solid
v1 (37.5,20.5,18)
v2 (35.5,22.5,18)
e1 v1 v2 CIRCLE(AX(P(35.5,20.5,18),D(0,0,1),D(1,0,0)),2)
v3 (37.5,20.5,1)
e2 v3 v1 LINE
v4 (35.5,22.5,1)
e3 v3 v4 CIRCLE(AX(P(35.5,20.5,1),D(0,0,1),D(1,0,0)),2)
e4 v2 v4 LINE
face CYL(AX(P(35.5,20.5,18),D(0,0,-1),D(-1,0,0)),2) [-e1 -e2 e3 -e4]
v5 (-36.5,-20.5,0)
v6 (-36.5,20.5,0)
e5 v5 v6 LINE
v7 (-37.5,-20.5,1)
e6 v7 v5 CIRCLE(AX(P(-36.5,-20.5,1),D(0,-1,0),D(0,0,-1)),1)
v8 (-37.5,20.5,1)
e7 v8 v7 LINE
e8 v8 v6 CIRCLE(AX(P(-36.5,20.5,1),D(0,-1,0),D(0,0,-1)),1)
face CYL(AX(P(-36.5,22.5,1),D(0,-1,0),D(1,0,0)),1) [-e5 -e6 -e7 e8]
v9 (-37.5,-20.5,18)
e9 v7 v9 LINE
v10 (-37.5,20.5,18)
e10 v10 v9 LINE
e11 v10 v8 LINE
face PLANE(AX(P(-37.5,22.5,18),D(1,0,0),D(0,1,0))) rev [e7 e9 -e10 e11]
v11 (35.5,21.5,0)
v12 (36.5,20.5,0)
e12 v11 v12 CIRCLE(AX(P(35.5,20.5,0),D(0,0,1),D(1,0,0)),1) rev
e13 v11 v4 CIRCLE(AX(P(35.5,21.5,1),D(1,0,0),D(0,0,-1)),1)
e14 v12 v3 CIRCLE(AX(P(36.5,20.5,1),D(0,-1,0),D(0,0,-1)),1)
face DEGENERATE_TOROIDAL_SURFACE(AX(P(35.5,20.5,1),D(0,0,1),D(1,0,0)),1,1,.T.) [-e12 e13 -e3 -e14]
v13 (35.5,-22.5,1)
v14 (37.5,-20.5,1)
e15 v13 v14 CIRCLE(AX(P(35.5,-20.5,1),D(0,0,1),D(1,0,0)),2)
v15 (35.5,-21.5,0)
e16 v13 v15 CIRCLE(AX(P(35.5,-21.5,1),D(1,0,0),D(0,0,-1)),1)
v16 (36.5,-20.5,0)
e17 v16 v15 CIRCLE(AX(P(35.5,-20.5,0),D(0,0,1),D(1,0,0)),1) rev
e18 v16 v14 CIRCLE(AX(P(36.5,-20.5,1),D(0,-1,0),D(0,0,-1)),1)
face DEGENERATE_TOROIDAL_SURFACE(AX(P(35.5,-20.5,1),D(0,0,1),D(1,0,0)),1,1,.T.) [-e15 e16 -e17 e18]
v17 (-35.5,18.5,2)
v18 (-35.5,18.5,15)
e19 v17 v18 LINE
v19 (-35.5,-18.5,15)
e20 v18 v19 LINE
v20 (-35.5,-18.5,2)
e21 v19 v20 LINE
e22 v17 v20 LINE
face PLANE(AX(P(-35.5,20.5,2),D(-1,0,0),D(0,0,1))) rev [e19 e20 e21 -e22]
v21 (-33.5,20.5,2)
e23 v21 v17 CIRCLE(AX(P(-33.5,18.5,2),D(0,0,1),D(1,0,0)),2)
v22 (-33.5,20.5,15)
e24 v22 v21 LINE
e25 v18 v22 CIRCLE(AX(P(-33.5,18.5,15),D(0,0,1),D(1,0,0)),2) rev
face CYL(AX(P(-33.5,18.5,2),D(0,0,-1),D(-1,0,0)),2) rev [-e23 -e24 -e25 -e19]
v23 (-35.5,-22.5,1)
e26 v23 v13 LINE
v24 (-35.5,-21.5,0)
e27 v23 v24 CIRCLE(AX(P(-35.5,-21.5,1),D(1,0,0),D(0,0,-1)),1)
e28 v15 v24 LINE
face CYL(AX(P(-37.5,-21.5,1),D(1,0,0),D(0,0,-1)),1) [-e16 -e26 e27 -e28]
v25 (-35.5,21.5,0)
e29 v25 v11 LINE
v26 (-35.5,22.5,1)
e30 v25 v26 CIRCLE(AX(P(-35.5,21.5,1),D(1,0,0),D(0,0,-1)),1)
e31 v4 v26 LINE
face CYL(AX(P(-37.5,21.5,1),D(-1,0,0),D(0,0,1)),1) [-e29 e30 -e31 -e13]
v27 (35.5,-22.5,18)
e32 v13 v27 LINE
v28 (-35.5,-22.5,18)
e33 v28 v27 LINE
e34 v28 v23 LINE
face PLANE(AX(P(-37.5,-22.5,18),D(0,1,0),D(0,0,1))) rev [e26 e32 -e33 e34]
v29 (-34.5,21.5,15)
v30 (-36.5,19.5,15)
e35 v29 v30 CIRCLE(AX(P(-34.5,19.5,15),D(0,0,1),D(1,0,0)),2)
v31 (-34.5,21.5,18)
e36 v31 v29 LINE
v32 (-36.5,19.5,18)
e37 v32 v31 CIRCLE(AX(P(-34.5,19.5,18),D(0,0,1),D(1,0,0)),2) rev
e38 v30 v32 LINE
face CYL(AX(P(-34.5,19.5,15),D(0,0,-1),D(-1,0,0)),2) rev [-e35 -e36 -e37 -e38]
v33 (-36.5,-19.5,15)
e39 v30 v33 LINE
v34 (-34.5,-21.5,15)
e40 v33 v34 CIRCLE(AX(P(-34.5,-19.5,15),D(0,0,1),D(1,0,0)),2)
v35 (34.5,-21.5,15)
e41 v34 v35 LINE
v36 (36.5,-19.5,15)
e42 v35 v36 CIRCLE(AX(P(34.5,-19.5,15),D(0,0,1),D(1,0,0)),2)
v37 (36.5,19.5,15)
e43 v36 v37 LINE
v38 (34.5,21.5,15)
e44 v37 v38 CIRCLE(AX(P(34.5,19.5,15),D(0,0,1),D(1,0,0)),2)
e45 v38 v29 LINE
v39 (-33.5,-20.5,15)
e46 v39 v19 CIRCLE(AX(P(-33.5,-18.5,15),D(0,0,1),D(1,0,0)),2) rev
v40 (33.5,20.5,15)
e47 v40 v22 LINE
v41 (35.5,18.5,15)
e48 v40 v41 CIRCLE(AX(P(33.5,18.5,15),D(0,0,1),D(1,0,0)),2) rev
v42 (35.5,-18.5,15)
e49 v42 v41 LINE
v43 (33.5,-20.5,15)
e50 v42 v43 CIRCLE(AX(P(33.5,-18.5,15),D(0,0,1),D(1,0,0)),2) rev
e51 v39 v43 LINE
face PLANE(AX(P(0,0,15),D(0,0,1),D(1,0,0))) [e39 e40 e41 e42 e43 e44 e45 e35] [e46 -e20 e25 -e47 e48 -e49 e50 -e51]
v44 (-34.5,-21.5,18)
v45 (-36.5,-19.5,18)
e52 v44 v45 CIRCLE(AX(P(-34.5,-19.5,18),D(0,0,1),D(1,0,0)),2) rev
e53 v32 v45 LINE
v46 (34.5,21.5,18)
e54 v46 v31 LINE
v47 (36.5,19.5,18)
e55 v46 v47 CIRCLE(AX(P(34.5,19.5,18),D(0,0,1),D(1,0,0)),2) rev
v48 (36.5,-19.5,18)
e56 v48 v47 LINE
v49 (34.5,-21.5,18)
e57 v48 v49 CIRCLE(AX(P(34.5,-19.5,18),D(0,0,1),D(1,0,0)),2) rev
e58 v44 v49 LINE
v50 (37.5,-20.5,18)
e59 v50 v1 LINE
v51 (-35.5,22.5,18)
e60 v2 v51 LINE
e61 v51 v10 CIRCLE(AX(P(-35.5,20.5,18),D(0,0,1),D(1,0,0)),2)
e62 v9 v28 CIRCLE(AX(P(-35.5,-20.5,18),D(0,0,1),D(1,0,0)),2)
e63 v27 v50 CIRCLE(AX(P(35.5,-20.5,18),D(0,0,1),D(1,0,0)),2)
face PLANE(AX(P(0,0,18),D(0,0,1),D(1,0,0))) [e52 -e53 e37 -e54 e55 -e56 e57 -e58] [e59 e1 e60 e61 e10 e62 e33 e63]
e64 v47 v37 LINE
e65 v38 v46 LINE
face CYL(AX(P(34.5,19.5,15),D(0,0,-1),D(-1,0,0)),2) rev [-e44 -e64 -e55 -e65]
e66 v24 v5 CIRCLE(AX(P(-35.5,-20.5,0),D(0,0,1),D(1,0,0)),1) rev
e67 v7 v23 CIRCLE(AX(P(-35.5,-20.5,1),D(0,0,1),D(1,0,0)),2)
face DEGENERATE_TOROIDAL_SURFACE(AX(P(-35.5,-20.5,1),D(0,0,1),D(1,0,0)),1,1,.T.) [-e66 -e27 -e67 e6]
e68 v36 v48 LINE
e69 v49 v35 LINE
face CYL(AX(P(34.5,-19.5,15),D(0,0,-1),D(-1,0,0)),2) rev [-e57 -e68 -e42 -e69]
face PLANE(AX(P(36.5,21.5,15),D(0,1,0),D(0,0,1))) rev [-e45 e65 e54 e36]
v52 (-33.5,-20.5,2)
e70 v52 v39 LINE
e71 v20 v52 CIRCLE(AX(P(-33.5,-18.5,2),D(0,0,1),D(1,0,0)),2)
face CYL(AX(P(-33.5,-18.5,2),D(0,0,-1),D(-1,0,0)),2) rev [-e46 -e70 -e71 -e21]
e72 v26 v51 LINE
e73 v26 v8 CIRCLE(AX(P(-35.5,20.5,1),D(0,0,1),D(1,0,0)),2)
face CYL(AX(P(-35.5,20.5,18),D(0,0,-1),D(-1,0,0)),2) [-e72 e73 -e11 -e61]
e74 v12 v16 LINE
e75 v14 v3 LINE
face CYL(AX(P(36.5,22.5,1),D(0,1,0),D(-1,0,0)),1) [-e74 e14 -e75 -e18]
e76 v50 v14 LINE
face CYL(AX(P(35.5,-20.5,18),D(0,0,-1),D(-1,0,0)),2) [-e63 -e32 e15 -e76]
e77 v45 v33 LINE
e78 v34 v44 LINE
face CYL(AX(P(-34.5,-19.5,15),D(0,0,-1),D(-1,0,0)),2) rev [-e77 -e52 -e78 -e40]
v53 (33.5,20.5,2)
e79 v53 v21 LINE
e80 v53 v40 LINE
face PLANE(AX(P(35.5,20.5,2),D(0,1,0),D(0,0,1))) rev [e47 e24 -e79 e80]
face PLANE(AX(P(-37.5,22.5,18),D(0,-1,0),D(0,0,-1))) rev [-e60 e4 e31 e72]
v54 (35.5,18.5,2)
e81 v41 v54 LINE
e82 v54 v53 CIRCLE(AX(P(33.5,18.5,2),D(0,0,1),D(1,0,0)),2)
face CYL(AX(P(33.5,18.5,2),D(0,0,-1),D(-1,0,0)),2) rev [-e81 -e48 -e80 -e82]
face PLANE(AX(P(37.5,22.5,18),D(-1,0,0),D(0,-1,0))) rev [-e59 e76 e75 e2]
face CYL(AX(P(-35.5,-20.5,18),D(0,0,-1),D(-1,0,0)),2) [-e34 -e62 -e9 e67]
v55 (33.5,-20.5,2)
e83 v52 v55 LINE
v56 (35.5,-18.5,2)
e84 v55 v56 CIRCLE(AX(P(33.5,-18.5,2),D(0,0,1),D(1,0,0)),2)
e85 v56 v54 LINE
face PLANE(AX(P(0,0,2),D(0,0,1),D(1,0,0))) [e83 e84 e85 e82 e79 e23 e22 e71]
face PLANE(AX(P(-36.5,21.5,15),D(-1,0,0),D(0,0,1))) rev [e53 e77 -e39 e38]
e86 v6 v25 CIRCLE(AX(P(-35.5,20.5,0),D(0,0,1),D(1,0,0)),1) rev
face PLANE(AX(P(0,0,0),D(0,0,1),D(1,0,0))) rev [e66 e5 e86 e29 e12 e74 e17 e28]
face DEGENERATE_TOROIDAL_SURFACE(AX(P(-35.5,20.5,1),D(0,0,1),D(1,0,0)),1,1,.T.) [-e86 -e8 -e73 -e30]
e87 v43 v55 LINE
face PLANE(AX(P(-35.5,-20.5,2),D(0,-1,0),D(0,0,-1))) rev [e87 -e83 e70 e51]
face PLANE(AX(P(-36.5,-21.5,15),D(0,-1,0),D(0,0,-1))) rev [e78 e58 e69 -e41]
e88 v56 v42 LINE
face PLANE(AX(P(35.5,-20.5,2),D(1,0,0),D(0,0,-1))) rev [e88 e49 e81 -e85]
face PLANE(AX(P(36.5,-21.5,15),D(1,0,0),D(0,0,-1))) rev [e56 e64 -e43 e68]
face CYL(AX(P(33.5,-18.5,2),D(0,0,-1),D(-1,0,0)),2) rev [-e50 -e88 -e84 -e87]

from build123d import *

# Parameters (mm, degrees)
SKETCH_1_W          = 75
SKETCH_1_H          = 45
EXTRUDE_1_DEPTH     = 18
SKETCH_2_W          = 71
SKETCH_2_H          = 41
CUT_EXTRUDE_1_DEPTH = 16
SKETCH_3_W          = 73
SKETCH_3_H          = 43
SKETCH_3_W_2        = 71
SKETCH_3_H_2        = 41
CUT_EXTRUDE_2_DEPTH = 3
FILLET_1_R          = 2
FILLET_2_R          = 1


with BuildPart() as part:
    # 草图1 → 凸台-拉伸1 (new body)
    with BuildSketch(Plane.XY):
        Rectangle(SKETCH_1_W, SKETCH_1_H)
    extrude(amount=EXTRUDE_1_DEPTH)

    # 草图2 → 切除-拉伸1 (cut)
    with BuildSketch(Plane.XY.offset(18)):
        Rectangle(SKETCH_2_W, SKETCH_2_H)
    extrude(amount=-CUT_EXTRUDE_1_DEPTH, mode=Mode.SUBTRACT)

    # 草图3 → 切除-拉伸2 (cut)
    with BuildSketch(Plane.XY.offset(18)):
        Rectangle(SKETCH_3_W, SKETCH_3_H)
        Rectangle(SKETCH_3_W_2, SKETCH_3_H_2, mode=Mode.SUBTRACT)
    extrude(amount=-CUT_EXTRUDE_2_DEPTH, mode=Mode.SUBTRACT)

    # 圆角1
    fillet_1_edges = [part.edges().sort_by_distance(p)[0] for p in [
        (-35.5, 20.5, 8.5),
        (35.5, 20.5, 8.5),
        (35.5, -20.5, 8.5),
        (-35.5, -20.5, 8.5),
        (-36.5, -21.5, 16.5),
        (-36.5, 21.5, 16.5),
        (36.5, 21.5, 16.5),
        (36.5, -21.5, 16.5),
        (-37.5, 22.5, 9),
        (37.5, 22.5, 9),
        (37.5, -22.5, 9),
        (-37.5, -22.5, 9),
    ]]
    fillet(fillet_1_edges, radius=FILLET_1_R)

    # 圆角2
    fillet_2_edges = [part.edges().sort_by_distance(p)[0] for p in [
        (0, -22.5, 0),
        (-37.5, 0, 0),
        (0, 22.5, 0),
        (37.5, 0, 0),
        (-36.914213562, 21.914213562, 0),
        (36.914213562, 21.914213562, 0),
        (36.914213562, -21.914213562, 0),
        (-36.914213562, -21.914213562, 0),
    ]]
    fillet(fillet_2_edges, radius=FILLET_2_R)


solid = part.part
